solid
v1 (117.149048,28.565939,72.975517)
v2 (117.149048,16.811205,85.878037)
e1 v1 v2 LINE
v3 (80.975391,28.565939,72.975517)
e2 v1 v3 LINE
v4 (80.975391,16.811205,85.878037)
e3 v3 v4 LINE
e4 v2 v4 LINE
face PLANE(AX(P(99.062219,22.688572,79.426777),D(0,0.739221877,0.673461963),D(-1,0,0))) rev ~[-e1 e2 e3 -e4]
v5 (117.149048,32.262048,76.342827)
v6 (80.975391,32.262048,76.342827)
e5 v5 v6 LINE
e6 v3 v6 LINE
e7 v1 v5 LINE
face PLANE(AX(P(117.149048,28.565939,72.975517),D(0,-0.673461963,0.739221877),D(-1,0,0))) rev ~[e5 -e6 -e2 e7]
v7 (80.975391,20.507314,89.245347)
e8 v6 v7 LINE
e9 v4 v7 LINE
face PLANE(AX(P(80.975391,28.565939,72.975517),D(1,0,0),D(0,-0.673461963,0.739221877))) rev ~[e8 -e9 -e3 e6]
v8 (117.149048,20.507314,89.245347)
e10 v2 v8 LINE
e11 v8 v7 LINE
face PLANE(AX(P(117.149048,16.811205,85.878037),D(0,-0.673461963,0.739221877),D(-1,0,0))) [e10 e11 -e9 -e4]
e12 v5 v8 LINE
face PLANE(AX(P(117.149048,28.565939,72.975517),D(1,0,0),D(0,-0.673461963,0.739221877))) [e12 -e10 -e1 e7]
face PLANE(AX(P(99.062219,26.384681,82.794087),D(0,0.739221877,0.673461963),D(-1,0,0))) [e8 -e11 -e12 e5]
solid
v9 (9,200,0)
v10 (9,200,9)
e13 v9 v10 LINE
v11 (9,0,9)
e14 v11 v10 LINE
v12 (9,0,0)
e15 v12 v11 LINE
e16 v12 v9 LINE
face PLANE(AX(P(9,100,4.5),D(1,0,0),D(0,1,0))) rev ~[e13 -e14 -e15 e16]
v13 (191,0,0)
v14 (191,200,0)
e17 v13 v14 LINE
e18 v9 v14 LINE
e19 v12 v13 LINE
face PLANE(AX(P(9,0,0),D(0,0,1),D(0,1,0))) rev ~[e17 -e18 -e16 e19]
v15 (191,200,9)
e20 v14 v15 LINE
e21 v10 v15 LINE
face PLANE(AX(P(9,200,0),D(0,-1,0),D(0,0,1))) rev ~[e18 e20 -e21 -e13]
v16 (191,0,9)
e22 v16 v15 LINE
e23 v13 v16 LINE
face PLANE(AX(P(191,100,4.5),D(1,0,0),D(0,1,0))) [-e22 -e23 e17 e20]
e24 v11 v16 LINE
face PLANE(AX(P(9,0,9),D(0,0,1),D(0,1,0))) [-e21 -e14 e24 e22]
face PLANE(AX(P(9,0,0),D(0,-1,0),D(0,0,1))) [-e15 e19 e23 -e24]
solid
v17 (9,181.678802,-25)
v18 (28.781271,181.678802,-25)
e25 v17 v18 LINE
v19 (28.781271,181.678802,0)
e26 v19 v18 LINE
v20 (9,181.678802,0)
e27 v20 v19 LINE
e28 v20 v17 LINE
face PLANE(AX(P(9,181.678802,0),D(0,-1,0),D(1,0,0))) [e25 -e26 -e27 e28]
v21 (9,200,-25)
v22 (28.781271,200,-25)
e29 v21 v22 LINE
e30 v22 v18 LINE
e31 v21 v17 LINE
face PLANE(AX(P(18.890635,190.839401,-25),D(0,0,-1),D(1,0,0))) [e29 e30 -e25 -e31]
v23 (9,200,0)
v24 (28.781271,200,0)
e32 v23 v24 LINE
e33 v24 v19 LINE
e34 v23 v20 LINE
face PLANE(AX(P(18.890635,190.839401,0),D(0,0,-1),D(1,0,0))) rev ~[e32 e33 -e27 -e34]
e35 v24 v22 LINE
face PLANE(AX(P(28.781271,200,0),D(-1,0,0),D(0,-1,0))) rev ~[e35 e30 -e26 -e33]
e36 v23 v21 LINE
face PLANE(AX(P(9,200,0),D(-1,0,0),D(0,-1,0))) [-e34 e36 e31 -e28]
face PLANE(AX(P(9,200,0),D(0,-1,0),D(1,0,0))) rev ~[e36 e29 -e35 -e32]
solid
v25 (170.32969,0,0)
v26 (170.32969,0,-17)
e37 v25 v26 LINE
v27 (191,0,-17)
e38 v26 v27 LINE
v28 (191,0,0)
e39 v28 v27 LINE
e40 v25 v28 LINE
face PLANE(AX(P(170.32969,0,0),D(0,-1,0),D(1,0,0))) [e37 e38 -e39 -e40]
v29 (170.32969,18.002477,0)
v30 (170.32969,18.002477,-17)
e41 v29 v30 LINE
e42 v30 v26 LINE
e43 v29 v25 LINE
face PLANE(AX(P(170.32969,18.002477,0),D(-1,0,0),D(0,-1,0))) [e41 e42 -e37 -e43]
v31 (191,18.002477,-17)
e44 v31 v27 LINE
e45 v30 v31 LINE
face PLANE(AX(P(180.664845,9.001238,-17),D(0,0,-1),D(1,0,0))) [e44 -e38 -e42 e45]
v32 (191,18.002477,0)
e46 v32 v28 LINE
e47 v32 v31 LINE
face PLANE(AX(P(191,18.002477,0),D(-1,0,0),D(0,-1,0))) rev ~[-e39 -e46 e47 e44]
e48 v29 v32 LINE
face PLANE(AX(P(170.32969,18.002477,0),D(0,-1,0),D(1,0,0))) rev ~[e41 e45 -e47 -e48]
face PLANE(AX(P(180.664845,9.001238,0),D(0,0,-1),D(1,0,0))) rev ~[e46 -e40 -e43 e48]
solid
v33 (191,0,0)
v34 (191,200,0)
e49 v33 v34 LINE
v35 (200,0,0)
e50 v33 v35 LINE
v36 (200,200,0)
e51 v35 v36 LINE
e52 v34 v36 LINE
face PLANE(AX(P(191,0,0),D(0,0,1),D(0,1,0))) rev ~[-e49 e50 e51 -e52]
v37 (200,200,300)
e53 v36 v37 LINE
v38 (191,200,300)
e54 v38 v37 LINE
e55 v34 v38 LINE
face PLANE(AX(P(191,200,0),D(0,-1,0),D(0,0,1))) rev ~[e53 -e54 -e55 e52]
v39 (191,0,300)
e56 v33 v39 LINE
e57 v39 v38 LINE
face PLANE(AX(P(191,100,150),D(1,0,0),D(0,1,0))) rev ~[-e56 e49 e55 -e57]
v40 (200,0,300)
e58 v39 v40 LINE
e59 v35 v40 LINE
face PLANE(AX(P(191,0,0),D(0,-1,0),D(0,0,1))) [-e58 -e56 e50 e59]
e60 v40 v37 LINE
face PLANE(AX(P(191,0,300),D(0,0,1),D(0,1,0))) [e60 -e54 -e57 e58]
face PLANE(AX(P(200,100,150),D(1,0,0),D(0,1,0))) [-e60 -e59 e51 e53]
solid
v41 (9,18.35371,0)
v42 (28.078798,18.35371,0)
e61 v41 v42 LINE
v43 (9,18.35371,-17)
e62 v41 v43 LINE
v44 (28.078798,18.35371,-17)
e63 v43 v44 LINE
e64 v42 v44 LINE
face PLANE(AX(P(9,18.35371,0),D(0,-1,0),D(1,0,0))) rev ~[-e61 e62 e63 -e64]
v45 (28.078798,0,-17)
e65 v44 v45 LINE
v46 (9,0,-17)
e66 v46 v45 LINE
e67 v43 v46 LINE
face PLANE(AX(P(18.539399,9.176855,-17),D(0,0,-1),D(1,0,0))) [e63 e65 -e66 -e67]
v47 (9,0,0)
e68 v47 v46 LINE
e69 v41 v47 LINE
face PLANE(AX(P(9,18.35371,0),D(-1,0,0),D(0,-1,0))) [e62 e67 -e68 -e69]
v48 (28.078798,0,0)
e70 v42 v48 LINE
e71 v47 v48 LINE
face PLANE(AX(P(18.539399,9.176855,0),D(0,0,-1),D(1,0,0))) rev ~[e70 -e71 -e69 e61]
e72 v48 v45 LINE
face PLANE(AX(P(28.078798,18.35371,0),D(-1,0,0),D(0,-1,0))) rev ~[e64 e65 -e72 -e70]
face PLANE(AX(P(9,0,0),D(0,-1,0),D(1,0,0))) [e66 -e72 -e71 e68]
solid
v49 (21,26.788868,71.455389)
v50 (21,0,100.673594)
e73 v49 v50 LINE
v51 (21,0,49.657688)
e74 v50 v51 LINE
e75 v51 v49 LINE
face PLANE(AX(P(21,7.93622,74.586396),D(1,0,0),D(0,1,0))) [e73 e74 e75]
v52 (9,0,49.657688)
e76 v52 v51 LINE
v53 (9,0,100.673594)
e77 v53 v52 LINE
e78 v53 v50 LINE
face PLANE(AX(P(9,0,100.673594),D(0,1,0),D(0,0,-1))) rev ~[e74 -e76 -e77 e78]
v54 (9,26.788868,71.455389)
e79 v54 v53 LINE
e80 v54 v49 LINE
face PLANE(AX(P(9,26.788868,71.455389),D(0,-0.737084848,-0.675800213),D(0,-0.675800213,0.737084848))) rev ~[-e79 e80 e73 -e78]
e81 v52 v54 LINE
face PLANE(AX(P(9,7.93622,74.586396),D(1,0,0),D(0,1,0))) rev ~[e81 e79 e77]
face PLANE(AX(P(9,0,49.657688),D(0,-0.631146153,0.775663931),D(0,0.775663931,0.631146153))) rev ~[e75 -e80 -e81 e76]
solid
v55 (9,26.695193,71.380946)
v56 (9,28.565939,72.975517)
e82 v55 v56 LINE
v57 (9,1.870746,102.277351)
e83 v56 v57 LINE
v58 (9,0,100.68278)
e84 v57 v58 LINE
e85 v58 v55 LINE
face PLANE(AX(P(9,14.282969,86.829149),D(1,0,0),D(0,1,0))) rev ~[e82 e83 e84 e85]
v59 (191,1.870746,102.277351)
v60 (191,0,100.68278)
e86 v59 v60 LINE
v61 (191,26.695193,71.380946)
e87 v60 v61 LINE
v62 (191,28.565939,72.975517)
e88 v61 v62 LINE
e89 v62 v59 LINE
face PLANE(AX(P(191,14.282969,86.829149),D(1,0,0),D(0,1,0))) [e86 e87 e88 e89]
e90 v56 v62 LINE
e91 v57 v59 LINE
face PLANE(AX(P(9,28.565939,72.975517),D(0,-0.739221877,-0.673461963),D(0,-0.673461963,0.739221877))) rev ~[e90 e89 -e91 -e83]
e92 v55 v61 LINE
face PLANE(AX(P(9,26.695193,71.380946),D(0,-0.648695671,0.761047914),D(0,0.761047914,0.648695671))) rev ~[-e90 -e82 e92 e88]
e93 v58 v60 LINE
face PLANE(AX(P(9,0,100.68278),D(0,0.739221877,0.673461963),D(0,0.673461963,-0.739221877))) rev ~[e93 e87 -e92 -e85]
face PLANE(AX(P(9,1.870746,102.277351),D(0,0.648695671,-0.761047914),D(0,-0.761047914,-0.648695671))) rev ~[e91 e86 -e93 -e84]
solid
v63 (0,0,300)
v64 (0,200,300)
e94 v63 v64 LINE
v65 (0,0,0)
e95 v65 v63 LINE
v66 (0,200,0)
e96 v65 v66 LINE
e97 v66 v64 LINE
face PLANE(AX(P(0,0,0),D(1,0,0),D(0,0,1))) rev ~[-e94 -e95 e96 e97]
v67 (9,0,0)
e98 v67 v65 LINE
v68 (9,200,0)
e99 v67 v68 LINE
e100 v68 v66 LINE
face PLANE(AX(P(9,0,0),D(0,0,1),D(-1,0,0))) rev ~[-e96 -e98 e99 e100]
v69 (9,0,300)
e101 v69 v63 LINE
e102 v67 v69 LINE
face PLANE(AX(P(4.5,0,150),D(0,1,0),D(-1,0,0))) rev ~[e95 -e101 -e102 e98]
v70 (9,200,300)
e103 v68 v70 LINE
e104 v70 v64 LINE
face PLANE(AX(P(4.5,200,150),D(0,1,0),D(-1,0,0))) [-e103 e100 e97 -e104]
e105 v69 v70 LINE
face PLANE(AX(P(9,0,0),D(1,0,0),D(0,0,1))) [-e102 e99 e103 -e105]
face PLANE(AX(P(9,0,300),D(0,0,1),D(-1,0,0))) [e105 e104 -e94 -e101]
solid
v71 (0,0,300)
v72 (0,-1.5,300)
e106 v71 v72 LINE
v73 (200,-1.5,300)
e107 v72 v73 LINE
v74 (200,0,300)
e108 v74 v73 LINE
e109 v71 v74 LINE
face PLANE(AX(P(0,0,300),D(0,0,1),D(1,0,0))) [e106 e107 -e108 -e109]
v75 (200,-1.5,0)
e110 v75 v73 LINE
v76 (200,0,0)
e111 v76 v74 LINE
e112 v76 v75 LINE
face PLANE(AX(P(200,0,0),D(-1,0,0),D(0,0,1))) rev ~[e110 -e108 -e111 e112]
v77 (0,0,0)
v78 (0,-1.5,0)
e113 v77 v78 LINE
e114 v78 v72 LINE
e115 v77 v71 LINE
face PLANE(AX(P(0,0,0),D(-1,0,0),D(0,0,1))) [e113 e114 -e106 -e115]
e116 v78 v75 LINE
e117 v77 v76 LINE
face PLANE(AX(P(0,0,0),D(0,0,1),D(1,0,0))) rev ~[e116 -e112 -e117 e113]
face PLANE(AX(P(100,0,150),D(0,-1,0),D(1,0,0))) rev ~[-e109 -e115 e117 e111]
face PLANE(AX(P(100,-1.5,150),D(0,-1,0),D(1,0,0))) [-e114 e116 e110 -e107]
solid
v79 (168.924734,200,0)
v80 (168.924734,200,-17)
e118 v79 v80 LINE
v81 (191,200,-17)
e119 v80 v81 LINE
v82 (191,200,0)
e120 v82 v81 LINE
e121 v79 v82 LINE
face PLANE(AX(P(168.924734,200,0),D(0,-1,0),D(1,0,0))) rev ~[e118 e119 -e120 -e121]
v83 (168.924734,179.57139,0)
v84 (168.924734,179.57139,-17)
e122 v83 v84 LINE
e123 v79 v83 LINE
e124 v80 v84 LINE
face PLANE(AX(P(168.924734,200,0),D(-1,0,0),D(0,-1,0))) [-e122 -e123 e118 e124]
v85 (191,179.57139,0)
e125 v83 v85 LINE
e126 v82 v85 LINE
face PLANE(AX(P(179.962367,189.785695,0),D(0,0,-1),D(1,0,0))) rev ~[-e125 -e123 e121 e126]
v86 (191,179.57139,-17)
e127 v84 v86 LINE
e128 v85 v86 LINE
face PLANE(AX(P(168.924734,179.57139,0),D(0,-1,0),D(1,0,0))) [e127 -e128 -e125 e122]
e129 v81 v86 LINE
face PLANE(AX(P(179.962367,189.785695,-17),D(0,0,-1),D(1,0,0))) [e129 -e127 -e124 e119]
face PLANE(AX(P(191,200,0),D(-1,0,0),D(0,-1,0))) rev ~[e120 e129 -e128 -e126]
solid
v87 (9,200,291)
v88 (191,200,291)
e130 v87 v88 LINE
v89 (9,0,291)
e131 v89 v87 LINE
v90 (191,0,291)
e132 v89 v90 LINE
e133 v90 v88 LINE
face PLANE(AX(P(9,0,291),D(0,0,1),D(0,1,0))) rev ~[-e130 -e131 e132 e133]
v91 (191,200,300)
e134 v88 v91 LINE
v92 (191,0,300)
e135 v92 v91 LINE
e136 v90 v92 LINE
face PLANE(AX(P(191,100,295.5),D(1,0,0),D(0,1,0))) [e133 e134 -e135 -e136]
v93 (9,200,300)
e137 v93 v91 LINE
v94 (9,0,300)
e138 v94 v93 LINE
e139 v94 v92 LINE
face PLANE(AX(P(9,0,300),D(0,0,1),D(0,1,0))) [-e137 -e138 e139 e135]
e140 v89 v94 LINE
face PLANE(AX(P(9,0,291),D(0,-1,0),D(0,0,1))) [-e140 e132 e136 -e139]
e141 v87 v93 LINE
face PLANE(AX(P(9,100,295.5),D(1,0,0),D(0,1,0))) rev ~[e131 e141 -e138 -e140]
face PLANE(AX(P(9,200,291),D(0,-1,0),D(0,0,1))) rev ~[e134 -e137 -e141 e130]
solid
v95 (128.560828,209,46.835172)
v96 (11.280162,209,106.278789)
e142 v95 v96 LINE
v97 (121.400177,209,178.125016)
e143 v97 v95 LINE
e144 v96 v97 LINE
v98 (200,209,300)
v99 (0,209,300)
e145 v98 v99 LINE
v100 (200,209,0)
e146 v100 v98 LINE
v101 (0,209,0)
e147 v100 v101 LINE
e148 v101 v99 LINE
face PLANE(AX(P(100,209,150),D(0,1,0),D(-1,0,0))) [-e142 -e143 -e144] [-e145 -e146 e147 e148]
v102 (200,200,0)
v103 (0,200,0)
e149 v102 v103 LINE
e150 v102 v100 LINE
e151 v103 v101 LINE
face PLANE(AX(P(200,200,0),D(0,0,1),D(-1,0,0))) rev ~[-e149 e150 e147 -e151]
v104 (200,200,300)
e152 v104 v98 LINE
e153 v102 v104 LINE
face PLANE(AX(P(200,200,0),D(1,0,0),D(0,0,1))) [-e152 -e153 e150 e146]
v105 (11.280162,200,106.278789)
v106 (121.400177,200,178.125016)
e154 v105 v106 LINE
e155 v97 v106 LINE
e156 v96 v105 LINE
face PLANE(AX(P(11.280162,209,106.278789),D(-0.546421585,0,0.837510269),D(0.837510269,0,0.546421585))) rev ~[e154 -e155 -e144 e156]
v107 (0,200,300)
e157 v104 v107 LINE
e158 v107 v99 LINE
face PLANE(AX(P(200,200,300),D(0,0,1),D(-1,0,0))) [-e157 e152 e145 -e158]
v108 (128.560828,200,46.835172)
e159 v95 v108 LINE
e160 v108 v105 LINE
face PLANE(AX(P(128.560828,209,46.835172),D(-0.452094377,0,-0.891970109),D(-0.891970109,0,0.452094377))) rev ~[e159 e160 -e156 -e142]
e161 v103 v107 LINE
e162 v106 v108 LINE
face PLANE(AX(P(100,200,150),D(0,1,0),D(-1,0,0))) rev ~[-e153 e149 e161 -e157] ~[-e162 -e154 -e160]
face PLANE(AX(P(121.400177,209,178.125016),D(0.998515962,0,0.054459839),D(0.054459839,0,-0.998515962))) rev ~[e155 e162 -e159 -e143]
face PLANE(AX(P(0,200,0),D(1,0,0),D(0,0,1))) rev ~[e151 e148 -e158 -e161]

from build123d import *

# Parameters (mm, degrees)
F0_W      = 200
F0_H      = 300
F1_DEPTH  = 1.5
F2_W      = 9
F2_H      = 300
F3_DEPTH  = 200
F5_DEPTH  = 12
F7_DEPTH  = 182
F8_W      = 36.1736565828
F8_H      = 17.4541914756
F9_DEPTH  = 5
F10_W     = 200
F10_H     = 9
F11_DEPTH = 182
F12_W     = 200
F12_H     = 9
F13_DEPTH = 182
F14_W     = 200
F14_H     = 300
F15_DEPTH = 9
F16_W     = 200
F16_H     = 300
F17_DEPTH = 9
F19_DEPTH = 9
F20_W     = 19.0787982047
F20_H     = 18.353709951
F21_DEPTH = 17
F22_W     = 20.6703100204
F22_H     = 18.0024765432
F23_DEPTH = 17
F24_W     = 19.7812706083
F24_H     = 18.321198225
F25_DEPTH = 25
F26_W     = 22.0752660036
F26_H     = 20.428609848
F27_DEPTH = 17


with BuildPart() as f1:
    # F0 (on Front) → F1 (new body)
    with BuildSketch(Plane.XZ):
        with Locations((100, 150)):
            Rectangle(F0_W, F0_H)
    extrude(amount=F1_DEPTH)


with BuildPart() as f3:
    # F2 (on face) → F3 (new body)
    with BuildSketch(Plane(origin=(0, 0, 0), x_dir=(-1, 0, 0), z_dir=(0, 1, 0))):
        with Locations((-4.5, 150)):
            Rectangle(F2_W, F2_H)
    extrude(amount=F3_DEPTH)


with BuildPart() as f5:
    # F4 (on face) → F5 (new body)
    with BuildSketch(Plane.YZ.offset(9)):
        Polygon((26.78886801, 71.4553892612), (0, 100.6735935807), (0, 49.6576875448), align=None)
    extrude(amount=F5_DEPTH)


with BuildPart() as f7:
    # F6 (on face) → F7 (new body)
    with BuildSketch(Plane.YZ.offset(9)):
        Polygon((0, 100.6827801466), (26.6951930206, 71.3809460833), (28.5659389403, 72.9755168813), (1.8707459197, 102.2773509446), align=None)
    extrude(amount=F7_DEPTH)


with BuildPart() as f9:
    # F8 (on face) → F9 (new body)
    with BuildSketch(Plane(origin=(0, 51.9398003156, 47.3193245133), x_dir=(-1, 0, 0), z_dir=(0, 0.7392218773, 0.6734619634))):
        with Locations((-99.0622192621, 43.434120998)):
            Rectangle(F8_W, F8_H)
    extrude(amount=F9_DEPTH)


with BuildPart() as f11:
    # F10 (on face) → F11 (new body)
    with BuildSketch(Plane.YZ.offset(9)):
        with Locations((100, 295.5)):
            Rectangle(F10_W, F10_H)
    extrude(amount=F11_DEPTH)


with BuildPart() as f13:
    # F12 (on face) → F13 (new body)
    with BuildSketch(Plane.YZ.offset(9)):
        with Locations((100, 4.5)):
            Rectangle(F12_W, F12_H)
    extrude(amount=F13_DEPTH)


with BuildPart() as f15:
    # F14 (on face) → F15 (new body)
    with BuildSketch(Plane.YZ.offset(191)):
        with Locations((100, 150)):
            Rectangle(F14_W, F14_H)
    extrude(amount=F15_DEPTH)


with BuildPart() as f17:
    # F16 (on face) → F17 (new body)
    with BuildSketch(Plane(origin=(0, 200, 0), x_dir=(-1, 0, 0), z_dir=(0, 1, 0))):
        with Locations((-100, 150)):
            Rectangle(F16_W, F16_H)
    extrude(amount=F17_DEPTH)

    # F18 (on face) → F19 (cut)
    with BuildSketch(Plane(origin=(0, 209, 0), x_dir=(-1, 0, 0), z_dir=(0, 1, 0))):
        Polygon((-128.5608279519, 46.835172161), (-11.280162353, 106.2787890588), (-121.4001774788, 178.1250163913), align=None)
    extrude(amount=-F19_DEPTH, mode=Mode.SUBTRACT)


with BuildPart() as f21:
    # F20 (on face) → F21 (new body)
    with BuildSketch(Plane(origin=(0, 0, 0), x_dir=(1, 0, 0), z_dir=(0, 0, -1))):
        with Locations((18.5393991023, -9.1768549755)):
            Rectangle(F20_W, F20_H)
    extrude(amount=F21_DEPTH)


with BuildPart() as f23:
    # F22 (on face) → F23 (new body)
    with BuildSketch(Plane(origin=(0, 0, 0), x_dir=(1, 0, 0), z_dir=(0, 0, -1))):
        with Locations((180.6648449898, -9.0012382716)):
            Rectangle(F22_W, F22_H)
    extrude(amount=F23_DEPTH)


with BuildPart() as f25:
    # F24 (on face) → F25 (new body)
    with BuildSketch(Plane(origin=(0, 0, 0), x_dir=(1, 0, 0), z_dir=(0, 0, -1))):
        with Locations((18.8906353042, -190.8394008875)):
            Rectangle(F24_W, F24_H)
    extrude(amount=F25_DEPTH)


with BuildPart() as f27:
    # F26 (on face) → F27 (new body)
    with BuildSketch(Plane(origin=(0, 0, 0), x_dir=(1, 0, 0), z_dir=(0, 0, -1))):
        with Locations((179.9623669982, -189.785695076)):
            Rectangle(F26_W, F26_H)
    extrude(amount=F27_DEPTH)


solid = Compound([f1.part, f3.part, f5.part, f7.part, f9.part, f11.part, f13.part, f15.part, f17.part, f21.part, f23.part, f25.part, f27.part])
